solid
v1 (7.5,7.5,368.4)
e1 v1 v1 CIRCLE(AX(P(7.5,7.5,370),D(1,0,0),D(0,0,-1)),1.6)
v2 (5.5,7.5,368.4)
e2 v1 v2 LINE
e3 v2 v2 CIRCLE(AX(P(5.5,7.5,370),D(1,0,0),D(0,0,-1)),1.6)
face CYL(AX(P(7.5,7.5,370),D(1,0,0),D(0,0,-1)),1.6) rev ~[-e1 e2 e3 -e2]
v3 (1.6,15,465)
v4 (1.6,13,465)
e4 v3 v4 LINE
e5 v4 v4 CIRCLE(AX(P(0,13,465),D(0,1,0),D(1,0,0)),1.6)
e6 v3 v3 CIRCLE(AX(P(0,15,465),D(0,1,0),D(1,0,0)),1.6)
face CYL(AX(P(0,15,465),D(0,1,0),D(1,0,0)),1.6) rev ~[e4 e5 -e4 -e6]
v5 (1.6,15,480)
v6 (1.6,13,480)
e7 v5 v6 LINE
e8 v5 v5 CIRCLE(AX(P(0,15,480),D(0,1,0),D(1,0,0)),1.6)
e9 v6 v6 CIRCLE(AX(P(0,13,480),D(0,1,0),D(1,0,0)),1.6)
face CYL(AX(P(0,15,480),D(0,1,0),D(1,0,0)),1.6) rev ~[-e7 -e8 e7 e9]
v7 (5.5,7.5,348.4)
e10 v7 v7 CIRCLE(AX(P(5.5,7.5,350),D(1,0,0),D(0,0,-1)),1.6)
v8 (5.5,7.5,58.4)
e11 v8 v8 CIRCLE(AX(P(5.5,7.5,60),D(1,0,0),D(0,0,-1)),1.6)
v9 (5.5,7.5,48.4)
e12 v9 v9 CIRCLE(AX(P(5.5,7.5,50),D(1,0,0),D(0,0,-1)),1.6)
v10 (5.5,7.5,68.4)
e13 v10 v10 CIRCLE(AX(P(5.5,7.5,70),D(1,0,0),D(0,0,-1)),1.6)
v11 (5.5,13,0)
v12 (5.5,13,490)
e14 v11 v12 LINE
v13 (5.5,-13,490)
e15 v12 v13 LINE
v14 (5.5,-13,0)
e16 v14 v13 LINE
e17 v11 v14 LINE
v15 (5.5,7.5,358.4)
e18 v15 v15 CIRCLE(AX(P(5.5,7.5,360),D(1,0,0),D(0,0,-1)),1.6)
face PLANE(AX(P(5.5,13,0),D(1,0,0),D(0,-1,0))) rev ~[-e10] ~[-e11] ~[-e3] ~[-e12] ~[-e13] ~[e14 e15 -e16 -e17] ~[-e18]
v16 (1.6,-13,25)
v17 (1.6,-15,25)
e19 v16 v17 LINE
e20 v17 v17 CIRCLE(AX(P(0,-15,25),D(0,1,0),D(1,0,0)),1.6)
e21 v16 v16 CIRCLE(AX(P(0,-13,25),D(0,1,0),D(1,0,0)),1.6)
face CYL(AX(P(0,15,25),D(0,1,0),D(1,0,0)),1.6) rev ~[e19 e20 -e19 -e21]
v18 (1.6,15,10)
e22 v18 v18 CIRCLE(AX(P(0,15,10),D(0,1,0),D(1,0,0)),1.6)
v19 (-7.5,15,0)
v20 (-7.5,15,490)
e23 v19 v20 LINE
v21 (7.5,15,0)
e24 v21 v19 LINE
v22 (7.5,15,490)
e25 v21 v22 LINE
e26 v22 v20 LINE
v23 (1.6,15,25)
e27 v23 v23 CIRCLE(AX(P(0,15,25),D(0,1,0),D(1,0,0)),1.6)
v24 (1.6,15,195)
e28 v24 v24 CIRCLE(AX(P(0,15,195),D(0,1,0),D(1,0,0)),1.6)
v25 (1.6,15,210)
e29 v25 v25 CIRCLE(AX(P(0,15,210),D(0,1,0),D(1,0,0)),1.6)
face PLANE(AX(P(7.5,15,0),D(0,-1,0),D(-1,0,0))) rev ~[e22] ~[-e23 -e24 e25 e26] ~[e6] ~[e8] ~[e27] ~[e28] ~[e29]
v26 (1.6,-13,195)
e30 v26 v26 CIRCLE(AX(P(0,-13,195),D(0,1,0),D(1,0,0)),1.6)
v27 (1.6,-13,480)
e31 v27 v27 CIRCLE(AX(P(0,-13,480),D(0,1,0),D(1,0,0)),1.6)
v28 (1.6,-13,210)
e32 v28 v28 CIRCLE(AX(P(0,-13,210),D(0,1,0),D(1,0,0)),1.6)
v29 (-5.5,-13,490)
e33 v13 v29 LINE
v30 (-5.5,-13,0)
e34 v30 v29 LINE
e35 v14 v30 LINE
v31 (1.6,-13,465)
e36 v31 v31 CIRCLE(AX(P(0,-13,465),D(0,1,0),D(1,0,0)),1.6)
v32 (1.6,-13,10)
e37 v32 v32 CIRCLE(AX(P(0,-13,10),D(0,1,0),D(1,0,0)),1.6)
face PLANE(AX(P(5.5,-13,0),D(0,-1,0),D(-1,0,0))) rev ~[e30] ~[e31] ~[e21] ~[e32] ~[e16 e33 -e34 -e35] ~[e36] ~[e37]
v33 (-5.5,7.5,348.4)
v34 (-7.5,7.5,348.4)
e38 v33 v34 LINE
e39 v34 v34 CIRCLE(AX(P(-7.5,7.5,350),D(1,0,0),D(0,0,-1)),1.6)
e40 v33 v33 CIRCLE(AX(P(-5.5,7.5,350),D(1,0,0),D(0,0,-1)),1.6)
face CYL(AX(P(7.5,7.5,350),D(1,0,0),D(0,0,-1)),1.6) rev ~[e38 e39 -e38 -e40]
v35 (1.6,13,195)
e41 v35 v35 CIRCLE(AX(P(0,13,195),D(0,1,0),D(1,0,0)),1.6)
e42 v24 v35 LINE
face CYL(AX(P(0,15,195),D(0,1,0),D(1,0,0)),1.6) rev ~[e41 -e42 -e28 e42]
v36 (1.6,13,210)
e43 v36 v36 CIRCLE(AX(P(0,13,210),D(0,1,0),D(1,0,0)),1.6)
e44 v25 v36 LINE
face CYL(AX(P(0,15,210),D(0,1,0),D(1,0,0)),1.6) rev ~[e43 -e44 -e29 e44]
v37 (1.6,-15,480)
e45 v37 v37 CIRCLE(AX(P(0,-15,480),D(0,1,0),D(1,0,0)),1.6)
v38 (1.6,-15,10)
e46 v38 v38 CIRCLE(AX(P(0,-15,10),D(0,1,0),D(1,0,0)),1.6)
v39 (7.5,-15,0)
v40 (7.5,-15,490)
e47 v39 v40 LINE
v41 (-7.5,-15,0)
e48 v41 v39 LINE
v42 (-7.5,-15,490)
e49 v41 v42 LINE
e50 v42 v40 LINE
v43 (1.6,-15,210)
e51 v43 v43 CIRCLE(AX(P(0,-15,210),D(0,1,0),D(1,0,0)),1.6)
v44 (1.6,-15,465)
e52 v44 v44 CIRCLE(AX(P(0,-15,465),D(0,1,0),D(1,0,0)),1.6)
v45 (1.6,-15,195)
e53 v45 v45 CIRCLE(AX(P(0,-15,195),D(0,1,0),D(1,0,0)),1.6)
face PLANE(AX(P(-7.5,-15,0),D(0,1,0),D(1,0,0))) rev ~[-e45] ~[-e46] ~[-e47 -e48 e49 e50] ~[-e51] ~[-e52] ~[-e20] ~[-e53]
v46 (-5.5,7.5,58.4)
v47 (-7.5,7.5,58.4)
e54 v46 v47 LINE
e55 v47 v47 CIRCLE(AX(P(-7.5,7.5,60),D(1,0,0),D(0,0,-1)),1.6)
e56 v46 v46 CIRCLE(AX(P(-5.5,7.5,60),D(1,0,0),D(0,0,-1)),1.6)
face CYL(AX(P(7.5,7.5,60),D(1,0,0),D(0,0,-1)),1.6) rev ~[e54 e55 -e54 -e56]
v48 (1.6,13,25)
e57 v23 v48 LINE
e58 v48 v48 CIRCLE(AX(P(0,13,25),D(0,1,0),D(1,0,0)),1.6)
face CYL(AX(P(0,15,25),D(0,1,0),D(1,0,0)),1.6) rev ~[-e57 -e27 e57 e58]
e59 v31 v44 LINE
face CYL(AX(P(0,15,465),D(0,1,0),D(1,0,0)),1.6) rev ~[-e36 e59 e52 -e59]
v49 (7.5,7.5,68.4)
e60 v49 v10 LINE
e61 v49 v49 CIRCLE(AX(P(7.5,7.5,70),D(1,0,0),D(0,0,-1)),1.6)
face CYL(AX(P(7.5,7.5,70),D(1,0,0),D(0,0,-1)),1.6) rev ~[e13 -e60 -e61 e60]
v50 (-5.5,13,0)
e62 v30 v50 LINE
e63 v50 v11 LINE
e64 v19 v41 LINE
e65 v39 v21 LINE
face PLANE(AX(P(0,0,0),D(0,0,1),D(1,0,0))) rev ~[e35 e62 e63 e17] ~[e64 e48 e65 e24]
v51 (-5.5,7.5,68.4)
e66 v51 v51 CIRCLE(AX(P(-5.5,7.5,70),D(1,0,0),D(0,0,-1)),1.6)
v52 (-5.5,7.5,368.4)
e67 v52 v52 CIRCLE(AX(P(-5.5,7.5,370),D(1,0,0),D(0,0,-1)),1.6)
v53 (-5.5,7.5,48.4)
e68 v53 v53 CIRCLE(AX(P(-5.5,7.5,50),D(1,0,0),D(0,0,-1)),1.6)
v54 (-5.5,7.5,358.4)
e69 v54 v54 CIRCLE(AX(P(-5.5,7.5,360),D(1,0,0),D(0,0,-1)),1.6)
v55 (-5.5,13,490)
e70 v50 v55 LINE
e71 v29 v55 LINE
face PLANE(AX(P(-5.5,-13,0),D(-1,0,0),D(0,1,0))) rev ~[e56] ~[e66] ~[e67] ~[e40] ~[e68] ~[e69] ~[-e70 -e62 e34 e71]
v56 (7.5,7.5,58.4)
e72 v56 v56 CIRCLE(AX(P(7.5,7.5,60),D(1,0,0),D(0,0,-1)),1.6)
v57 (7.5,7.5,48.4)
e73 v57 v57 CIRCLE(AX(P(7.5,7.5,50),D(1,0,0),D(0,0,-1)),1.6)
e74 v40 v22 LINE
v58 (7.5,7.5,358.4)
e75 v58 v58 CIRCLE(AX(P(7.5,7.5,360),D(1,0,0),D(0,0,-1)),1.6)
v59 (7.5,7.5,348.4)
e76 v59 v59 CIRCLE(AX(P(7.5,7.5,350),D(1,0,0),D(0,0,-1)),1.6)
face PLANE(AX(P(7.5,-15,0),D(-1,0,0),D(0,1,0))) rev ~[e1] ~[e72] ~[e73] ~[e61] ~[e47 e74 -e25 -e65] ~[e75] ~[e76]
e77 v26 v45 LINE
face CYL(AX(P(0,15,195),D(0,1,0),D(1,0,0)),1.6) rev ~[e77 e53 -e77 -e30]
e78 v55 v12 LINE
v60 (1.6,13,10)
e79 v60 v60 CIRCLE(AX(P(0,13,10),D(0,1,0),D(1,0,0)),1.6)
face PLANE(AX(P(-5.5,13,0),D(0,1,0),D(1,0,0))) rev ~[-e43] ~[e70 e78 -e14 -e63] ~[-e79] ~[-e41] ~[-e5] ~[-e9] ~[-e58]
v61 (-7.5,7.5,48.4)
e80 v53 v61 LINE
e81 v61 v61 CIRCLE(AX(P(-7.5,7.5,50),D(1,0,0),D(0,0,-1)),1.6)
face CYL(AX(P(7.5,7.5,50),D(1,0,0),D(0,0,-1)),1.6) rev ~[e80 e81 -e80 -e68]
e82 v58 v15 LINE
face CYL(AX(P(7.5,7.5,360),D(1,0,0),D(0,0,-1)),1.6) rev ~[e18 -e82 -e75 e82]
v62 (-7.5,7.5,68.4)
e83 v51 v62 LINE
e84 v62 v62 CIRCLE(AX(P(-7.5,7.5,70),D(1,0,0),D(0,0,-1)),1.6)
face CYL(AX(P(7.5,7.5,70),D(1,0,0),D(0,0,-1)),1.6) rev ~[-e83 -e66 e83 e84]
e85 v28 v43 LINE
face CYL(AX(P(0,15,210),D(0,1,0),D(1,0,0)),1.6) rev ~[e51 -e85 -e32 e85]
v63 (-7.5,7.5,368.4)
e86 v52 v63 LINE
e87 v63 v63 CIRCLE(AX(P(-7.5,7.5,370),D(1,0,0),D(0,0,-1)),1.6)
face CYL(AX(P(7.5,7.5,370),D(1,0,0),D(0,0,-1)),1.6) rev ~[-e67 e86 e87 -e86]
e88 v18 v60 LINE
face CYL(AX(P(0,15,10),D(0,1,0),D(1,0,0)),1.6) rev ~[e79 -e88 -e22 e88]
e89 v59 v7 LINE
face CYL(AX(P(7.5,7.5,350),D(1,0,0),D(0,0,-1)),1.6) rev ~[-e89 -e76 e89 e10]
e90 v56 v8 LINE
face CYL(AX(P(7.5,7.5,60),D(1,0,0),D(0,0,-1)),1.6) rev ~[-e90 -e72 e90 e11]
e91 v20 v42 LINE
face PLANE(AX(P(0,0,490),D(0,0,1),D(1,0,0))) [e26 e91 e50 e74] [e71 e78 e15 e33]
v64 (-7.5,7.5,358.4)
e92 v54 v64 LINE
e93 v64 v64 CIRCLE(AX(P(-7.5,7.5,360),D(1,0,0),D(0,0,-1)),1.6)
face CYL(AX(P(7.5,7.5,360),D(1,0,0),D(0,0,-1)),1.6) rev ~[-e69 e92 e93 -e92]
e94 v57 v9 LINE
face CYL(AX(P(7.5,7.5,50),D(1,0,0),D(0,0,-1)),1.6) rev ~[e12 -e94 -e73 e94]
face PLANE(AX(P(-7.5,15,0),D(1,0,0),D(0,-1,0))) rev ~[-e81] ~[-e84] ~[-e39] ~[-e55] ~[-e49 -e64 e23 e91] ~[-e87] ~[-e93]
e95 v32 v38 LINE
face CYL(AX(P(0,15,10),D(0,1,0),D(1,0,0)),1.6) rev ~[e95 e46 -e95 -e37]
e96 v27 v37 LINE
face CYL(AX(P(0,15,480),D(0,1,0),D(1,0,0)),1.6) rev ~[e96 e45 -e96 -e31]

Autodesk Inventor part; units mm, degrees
ref_plane "YZ Plane" through (0, 0, 0) normal (1, 0, 0) x (0, 1, 0)
ref_plane "XZ Plane" through (0, 0, 0) normal (0, 1, 0) x (-1, 0, 0)
ref_plane "XY Plane" through (0, 0, 0) normal (0, 0, 1) x (1, 0, 0)
sketch "スケッチ1" plane through (0, 0, 0) normal (0, 0, 1) x (1, 0, 0)
  line L0 (7.5, 15) -> (-7.5, 15)
  line L1 (-7.5, 15) -> (-7.5, -15)
  line L2 (-7.5, -15) -> (7.5, -15)
  line L3 (7.5, -15) -> (7.5, 15)
  line L4 (7.5, 15) -> (-7.5, -15) construction
  line L5 (-7.5, 15) -> (7.5, -15) construction
  line L6 (-5.5, 13) -> (5.5, 13)
  line L7 (5.5, 13) -> (5.5, -13)
  line L8 (5.5, -13) -> (-5.5, -13)
  line L9 (-5.5, -13) -> (-5.5, 13)
  point P0 (0, 0)
  dimension "d0" = 15
  dimension "d1" = 30
  dimension "d2" = 2
extrude "押し出し1" add sketch "スケッチ1" along normal blind 490
sketch "スケッチ2" plane through (-7.5, 15, 0) normal (0, 1, 0) x (1, 0, 0)
  circle A0 centre (7.5, -10) radius 1.6
  circle A1 centre (7.5, -25) radius 1.6
  circle A2 centre (7.5, -480) radius 1.6
  circle A3 centre (7.5, -465) radius 1.6
  line L0 (15, 0) -> (0, 0) projected
  line L1 (15, -490) -> (0, -490) projected
  circle A4 centre (7.5, -195) radius 1.6
  circle A5 centre (7.5, -210) radius 1.6
  point P0 (7.5, 0)
  point P1 (7.5, 0)
  dimension "d5" = 3.2
  dimension "d6" = 3.2
  dimension "d7" = 3.2
  dimension "d8" = 3.2
  dimension "d9" = 10
  dimension "d10" = 15
  dimension "d11" = 10
  dimension "d12" = 15
  dimension "d15" = 3.2
  dimension "d16" = 3.2
  dimension "d17" = 15
  dimension "d18" = 170
extrude "押し出し2" cut sketch "スケッチ2" against normal through all
sketch "スケッチ3" plane through (7.5, -15, 0) normal (1, 0, 0) x (0, 0, -1)
  circle A0 centre (-50, 22.5) radius 1.6
  circle A1 centre (-60, 22.5) radius 1.6
  circle A2 centre (-70, 22.5) radius 1.6
  line L0 (0, 30) -> (-490, 30) projected
  circle A3 centre (-350, 22.5) radius 1.6
  circle A4 centre (-360, 22.5) radius 1.6
  circle A5 centre (-370, 22.5) radius 1.6
  point P0 (0, 15)
  dimension "d19" = 3.2
  dimension "d20" = 3.2
  dimension "d21" = 3.2
  dimension "d22" = 7.5
  dimension "d23" = 50
  dimension "d24" = 10
  dimension "d25" = 10
  dimension "d26" = 3.2
  dimension "d27" = 3.2
  dimension "d28" = 3.2
  dimension "d29" = 10
  dimension "d30" = 10
  dimension "d31" = 300
extrude "押し出し3" cut sketch "スケッチ3" against normal through all
properties part number "オムニ_角柱3" material "アルミニウム 6061"
